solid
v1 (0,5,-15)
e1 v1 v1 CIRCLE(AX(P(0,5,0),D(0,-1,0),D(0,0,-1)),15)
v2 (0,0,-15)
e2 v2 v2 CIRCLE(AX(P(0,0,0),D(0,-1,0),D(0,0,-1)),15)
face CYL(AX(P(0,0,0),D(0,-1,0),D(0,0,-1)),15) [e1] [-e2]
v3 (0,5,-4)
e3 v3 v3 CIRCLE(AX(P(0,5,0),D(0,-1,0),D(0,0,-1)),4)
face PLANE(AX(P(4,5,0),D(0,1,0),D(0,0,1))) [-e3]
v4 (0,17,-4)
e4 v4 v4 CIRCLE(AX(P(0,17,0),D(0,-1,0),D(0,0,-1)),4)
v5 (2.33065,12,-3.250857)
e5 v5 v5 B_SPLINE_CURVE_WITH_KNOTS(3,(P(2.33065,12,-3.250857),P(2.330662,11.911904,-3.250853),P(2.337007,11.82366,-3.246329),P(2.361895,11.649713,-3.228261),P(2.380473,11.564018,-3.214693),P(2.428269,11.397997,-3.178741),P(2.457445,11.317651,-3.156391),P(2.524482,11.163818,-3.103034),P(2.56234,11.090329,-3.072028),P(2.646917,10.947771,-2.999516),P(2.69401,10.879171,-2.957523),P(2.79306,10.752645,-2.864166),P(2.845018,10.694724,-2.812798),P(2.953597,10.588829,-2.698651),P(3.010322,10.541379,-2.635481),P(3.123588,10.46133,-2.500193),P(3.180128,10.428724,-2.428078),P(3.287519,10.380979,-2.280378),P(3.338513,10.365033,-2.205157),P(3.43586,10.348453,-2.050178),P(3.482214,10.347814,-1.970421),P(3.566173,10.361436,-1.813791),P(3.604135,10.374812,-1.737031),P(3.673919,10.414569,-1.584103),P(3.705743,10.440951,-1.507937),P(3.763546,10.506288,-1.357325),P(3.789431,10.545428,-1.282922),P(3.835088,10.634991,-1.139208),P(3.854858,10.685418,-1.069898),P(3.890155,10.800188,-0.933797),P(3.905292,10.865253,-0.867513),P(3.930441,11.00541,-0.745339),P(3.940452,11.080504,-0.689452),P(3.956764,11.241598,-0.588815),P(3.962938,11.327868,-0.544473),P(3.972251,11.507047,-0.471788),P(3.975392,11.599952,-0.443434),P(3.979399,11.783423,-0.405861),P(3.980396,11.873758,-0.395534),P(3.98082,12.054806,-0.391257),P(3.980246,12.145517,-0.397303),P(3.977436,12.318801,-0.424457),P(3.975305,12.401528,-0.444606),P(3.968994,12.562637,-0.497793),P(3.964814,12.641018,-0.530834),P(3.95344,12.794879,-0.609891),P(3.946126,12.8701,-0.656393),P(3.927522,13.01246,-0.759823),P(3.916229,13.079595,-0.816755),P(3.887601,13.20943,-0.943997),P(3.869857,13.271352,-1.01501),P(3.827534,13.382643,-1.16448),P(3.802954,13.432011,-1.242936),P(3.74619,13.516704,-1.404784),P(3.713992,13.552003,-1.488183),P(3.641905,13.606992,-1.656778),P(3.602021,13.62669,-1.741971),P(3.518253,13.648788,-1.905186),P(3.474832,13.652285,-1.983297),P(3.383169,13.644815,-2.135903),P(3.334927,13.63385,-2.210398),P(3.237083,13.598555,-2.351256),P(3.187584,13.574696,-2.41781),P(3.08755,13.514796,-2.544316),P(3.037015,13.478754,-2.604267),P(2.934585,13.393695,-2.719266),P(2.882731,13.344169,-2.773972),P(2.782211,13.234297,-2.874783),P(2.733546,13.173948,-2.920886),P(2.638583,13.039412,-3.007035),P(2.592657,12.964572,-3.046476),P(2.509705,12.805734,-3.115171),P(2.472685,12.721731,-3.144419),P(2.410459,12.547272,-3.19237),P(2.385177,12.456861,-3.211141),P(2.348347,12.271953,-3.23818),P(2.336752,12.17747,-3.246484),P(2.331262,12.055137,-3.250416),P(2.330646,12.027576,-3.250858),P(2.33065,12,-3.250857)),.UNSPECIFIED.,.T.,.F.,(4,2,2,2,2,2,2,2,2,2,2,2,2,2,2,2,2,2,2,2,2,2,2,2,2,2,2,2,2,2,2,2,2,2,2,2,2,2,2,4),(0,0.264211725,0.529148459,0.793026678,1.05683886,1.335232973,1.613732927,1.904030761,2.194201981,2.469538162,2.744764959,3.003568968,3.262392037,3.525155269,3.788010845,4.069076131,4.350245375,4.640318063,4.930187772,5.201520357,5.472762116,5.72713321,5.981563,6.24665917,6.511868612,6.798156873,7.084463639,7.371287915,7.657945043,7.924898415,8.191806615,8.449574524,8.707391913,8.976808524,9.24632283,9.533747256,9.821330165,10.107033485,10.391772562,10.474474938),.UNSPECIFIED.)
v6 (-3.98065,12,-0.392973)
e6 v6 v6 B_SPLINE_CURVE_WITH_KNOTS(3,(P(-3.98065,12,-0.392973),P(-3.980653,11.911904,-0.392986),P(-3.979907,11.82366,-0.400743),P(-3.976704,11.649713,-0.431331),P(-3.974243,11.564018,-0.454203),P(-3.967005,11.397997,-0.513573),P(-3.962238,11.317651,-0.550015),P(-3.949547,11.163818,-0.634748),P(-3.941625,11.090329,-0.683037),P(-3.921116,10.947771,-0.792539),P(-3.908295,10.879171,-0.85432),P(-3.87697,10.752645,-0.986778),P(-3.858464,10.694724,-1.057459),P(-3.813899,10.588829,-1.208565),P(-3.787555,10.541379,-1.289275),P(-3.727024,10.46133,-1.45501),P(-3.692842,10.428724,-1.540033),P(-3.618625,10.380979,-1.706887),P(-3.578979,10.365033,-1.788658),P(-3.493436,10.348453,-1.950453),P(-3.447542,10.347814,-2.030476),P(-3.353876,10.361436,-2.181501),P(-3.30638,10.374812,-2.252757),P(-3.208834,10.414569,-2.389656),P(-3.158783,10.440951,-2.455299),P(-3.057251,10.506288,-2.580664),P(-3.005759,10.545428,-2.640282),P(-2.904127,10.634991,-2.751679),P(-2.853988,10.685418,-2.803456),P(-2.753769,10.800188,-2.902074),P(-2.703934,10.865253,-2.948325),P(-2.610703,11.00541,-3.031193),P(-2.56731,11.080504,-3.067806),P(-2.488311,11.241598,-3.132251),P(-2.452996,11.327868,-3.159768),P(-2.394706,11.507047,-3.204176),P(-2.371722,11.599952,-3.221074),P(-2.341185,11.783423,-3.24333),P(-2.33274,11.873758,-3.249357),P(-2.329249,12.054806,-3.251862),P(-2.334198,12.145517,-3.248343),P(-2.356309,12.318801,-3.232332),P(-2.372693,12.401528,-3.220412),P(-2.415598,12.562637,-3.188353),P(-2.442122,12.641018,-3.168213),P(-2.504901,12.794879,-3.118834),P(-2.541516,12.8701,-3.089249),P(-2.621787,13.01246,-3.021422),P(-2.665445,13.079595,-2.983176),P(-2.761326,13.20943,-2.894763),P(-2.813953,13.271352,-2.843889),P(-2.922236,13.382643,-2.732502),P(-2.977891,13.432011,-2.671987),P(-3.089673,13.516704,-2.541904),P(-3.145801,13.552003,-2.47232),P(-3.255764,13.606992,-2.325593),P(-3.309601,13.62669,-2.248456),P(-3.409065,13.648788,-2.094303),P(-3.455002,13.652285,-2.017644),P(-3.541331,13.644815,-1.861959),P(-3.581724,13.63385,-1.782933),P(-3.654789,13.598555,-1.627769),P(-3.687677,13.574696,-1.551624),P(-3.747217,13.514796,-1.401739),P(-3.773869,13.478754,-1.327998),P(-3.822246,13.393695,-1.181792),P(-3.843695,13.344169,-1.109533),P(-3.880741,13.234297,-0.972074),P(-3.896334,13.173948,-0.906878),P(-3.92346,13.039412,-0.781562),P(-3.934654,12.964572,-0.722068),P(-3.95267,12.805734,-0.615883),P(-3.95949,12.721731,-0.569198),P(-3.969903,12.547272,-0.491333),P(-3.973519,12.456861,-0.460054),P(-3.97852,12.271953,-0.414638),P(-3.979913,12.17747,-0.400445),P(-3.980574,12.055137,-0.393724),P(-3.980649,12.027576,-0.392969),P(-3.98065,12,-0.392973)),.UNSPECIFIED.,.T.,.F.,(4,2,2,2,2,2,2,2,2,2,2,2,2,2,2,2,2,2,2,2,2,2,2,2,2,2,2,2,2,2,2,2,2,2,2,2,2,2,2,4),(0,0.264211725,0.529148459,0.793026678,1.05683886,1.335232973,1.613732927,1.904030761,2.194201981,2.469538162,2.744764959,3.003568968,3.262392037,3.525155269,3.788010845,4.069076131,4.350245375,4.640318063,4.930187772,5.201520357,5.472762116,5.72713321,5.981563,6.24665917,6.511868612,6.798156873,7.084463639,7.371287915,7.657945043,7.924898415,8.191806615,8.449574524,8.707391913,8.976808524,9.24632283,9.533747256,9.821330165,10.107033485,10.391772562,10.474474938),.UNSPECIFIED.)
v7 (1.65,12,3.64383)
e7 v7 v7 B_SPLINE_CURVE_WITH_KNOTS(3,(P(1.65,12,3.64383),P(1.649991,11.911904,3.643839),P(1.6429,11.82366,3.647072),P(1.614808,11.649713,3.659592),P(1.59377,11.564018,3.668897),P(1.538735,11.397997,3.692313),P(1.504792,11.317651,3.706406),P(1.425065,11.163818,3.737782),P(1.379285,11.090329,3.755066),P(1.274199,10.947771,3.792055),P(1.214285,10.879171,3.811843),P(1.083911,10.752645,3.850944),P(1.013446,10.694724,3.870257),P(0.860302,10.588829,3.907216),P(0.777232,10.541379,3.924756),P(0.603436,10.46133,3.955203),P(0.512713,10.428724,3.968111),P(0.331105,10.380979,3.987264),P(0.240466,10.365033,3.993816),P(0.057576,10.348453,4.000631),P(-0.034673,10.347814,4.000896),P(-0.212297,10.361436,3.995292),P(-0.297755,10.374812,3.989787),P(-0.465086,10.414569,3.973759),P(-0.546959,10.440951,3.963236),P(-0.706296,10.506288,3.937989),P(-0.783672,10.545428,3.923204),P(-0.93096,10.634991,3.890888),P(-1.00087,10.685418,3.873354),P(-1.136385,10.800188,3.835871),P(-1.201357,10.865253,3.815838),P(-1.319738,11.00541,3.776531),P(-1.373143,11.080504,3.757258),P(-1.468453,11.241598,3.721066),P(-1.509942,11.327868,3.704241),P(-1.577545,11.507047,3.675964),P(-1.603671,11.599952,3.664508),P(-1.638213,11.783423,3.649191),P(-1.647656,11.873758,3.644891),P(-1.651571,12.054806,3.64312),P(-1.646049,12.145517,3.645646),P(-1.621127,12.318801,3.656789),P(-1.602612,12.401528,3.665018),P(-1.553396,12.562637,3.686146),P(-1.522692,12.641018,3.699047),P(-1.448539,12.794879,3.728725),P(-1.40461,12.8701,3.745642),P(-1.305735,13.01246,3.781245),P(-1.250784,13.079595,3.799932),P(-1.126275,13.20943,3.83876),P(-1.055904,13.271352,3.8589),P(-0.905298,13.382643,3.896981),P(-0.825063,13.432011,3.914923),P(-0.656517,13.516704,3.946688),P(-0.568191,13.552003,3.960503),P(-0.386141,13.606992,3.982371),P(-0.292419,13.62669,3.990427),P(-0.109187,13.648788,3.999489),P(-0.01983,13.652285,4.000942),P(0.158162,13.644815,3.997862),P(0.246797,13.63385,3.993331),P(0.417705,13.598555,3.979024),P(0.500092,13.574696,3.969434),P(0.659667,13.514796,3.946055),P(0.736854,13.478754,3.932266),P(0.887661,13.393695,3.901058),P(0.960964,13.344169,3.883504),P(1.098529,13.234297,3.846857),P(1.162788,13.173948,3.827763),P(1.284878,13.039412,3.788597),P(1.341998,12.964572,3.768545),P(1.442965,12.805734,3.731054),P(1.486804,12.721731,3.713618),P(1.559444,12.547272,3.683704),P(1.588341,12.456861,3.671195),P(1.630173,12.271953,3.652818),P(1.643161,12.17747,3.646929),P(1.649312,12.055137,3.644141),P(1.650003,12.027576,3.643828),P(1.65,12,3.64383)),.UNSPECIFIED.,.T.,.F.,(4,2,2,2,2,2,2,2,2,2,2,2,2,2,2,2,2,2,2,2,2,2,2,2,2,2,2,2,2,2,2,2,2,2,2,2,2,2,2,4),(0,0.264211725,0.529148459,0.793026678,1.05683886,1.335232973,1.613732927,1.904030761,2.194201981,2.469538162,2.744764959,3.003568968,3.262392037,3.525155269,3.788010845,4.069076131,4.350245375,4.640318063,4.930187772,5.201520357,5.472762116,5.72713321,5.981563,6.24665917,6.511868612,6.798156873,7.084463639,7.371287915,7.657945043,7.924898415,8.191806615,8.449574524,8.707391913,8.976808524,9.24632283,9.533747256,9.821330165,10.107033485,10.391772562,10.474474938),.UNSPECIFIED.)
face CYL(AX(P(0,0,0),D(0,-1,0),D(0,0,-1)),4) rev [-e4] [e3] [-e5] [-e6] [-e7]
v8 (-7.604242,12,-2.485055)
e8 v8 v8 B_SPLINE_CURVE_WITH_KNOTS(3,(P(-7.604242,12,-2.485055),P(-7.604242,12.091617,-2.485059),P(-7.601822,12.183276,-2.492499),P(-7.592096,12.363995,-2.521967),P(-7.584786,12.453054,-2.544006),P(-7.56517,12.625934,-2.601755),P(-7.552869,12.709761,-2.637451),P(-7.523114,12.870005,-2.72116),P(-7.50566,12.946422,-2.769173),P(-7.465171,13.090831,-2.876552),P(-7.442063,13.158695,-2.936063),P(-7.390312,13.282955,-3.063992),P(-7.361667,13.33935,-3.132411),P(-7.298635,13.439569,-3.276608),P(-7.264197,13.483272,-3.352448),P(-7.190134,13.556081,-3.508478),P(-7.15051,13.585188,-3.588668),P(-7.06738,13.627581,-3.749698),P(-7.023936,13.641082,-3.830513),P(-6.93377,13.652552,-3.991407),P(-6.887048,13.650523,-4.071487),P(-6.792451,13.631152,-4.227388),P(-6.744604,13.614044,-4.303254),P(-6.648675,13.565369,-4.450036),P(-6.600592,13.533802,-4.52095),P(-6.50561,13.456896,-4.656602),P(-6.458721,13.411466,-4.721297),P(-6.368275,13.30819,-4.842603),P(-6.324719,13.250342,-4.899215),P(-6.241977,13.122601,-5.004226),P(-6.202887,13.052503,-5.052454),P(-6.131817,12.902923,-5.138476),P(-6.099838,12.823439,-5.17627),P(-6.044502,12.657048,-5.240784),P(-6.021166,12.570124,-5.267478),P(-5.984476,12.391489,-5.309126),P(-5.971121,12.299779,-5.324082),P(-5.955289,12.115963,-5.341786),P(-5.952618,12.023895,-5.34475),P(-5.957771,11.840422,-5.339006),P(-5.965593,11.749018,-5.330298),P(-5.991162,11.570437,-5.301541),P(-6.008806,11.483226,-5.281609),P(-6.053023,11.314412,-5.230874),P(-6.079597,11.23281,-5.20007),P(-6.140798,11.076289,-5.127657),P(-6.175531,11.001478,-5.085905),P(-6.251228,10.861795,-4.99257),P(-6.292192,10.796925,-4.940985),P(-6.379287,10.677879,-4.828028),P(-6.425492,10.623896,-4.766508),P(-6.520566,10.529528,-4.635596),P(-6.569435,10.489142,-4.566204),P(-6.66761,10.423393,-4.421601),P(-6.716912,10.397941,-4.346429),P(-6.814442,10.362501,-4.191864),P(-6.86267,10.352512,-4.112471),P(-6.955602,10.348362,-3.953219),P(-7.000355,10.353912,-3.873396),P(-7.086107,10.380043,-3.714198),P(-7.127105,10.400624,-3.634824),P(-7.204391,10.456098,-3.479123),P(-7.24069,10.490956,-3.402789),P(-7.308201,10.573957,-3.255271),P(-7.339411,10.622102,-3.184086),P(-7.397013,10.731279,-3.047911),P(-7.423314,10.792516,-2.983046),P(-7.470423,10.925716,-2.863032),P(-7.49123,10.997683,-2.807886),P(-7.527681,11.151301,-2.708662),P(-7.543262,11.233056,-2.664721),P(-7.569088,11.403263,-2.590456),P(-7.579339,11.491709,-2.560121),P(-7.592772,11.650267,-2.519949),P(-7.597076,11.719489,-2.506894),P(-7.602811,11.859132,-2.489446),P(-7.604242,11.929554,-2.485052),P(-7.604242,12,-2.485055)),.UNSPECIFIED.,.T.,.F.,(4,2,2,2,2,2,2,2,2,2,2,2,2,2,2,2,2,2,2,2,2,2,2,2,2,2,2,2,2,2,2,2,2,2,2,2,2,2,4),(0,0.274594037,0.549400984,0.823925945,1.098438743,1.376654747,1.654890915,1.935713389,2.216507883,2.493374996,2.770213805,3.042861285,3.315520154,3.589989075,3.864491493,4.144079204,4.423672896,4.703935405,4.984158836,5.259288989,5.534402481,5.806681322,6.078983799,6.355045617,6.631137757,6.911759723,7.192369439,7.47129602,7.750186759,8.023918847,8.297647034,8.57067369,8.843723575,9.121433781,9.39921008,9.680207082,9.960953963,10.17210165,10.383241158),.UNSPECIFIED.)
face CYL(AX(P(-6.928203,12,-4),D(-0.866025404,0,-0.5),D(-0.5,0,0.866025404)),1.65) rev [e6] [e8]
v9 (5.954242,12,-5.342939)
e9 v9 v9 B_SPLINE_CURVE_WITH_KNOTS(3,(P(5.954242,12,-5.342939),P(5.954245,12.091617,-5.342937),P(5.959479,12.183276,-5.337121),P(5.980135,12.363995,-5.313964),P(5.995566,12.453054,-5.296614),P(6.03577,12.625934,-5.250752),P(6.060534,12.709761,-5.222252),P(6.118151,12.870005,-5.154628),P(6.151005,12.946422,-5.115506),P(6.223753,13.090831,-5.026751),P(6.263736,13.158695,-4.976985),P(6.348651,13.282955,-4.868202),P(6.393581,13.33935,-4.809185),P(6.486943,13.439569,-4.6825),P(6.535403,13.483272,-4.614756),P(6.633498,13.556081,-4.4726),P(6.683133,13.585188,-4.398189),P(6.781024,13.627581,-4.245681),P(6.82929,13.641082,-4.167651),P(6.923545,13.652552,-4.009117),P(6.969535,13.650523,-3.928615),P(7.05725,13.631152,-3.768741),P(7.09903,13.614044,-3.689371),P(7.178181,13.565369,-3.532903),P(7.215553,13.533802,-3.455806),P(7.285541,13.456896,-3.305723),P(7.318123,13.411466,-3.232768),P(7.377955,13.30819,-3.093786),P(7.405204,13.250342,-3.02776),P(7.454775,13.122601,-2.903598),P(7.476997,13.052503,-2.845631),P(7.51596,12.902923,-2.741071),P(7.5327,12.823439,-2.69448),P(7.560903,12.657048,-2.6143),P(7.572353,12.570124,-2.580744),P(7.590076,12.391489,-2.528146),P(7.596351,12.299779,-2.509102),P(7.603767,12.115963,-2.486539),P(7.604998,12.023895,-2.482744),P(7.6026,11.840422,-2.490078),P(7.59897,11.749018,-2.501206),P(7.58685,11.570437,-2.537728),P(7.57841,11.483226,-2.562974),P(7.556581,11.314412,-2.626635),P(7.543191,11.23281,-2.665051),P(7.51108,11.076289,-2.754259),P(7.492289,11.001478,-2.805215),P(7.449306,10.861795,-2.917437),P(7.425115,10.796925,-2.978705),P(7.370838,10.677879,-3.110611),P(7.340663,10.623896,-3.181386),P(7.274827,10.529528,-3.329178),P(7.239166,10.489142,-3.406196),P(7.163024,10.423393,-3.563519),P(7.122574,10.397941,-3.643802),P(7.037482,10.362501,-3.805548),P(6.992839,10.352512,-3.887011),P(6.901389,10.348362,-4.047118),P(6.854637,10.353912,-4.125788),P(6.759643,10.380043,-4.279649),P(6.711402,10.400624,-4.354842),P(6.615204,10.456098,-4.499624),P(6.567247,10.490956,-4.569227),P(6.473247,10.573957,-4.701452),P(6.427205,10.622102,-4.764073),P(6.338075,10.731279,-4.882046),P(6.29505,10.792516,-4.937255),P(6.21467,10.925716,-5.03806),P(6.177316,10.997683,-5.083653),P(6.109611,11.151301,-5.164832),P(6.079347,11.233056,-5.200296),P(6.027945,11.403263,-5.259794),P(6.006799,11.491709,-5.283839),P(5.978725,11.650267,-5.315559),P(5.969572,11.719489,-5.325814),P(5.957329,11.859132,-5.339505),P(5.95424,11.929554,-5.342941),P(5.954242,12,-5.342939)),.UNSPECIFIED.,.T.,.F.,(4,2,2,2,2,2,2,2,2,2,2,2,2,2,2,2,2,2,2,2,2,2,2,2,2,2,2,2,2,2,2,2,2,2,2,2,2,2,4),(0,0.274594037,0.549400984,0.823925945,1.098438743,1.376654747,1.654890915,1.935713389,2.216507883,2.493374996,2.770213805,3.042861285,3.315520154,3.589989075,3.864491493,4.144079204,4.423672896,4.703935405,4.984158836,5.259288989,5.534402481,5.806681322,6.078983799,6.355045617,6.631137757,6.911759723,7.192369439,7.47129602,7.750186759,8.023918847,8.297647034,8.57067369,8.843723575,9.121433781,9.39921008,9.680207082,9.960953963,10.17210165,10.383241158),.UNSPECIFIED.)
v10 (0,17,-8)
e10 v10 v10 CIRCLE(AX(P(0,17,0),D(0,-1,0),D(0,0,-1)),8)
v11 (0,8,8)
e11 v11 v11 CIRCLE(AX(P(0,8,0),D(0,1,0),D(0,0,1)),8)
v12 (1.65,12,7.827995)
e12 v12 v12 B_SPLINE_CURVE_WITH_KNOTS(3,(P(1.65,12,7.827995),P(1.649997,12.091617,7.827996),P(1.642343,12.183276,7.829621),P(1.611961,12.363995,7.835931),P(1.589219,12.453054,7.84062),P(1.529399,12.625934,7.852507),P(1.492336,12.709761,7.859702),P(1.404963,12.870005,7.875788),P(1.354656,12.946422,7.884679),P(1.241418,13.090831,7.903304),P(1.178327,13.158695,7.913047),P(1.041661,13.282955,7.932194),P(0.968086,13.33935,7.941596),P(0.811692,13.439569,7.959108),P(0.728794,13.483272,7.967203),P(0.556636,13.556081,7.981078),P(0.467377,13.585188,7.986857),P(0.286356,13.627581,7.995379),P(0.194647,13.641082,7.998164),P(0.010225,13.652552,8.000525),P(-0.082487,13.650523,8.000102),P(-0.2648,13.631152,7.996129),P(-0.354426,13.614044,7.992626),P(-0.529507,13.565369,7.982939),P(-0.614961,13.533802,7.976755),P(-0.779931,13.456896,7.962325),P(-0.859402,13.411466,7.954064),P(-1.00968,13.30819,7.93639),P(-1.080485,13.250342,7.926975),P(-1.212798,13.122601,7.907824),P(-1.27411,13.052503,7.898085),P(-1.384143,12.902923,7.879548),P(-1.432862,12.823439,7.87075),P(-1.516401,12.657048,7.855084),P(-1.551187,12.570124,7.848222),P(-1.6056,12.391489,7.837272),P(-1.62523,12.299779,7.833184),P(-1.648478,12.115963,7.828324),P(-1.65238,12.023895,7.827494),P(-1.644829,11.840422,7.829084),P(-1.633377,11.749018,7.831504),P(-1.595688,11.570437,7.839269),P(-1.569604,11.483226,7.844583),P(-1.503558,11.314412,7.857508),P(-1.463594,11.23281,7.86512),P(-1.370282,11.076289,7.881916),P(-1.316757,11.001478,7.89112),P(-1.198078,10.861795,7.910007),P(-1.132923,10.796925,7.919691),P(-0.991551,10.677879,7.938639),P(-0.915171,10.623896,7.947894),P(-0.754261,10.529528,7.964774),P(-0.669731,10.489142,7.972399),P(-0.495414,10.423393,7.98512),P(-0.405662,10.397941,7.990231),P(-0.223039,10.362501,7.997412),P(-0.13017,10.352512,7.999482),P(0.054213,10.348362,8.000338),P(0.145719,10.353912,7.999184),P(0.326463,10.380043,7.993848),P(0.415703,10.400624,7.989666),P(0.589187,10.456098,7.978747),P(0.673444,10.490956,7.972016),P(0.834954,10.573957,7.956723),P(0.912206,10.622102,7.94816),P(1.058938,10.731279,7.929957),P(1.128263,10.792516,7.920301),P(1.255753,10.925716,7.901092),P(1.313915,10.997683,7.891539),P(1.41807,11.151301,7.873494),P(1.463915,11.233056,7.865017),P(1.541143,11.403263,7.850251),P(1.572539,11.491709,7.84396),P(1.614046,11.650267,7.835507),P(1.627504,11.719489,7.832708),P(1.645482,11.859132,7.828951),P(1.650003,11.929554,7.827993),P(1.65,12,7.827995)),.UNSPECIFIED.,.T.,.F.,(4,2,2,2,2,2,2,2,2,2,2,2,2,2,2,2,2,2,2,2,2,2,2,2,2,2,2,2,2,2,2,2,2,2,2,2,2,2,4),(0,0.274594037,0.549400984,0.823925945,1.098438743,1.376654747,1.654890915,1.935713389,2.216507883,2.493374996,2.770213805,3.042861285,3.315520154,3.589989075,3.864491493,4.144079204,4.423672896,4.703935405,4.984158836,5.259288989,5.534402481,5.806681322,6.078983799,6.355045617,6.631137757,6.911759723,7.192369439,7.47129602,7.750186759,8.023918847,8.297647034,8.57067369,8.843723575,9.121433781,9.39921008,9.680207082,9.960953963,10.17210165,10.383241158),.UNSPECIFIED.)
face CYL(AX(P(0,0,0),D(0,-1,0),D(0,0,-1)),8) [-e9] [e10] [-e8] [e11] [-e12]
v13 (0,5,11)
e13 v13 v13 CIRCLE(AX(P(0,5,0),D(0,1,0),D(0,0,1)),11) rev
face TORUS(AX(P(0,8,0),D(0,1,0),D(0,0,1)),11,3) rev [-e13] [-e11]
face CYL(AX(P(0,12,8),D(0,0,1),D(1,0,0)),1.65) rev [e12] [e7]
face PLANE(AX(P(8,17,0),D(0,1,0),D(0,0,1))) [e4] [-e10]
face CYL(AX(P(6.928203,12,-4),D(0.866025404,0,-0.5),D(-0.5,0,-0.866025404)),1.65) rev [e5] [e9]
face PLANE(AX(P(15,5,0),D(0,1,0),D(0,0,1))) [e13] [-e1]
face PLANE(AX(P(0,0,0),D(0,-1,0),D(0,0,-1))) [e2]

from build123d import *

# Parameters (mm, degrees)
FILLET1_R              = 3
M4_TAPPED_HOLE1_REACH  = 34.296
M4_TAPPED_HOLE1_BORE_R = 1.65
CIRPATTERN1_COUNT      = 3


with BuildPart() as part:
    # Sketch1 → Revolve1 (revolve)
    with BuildSketch(Plane.XY, mode=Mode.PRIVATE) as revolve1_sk:
        Polygon((0, 0), (15, 0), (15, 5), (8, 5), (8, 17), (4, 17), (4, 5), (0, 5), align=None)
    revolve(revolve1_sk.sketch.rotate(Axis((0, 0, 0), (0, 1, 0)), 90), axis=Axis((0, 0, 0), (0, 1, 0)))

    # Fillet1
    fillet1_edges = [part.edges().sort_by_distance(p)[0] for p in [
        (0, 5, 8),
    ]]
    fillet(fillet1_edges, radius=FILLET1_R)

    # M4 Tapped Hole1 bore → M4 Tapped Hole1 (cut, up to next)
    with BuildSketch(Plane.XY.offset(8), mode=Mode.PRIVATE) as m4_tapped_hole1_sk1:
        with Locations((0, 12)):
            Circle(M4_TAPPED_HOLE1_BORE_R)
    m4_tapped_hole1_tool1 = extrude(m4_tapped_hole1_sk1.sketch, amount=-M4_TAPPED_HOLE1_REACH, mode=Mode.PRIVATE) & part.part
    m4_tapped_hole1 = m4_tapped_hole1_tool1.solids().sort_by_distance((0, 12, 8))[0]
    add(m4_tapped_hole1, mode=Mode.SUBTRACT)

    # CirPattern1: M4 Tapped Hole1 ×3 about axis
    cirpattern1_axis = Axis((0, 17, 0), (0, -1, 0))
    for i in range(1, CIRPATTERN1_COUNT):
        add(m4_tapped_hole1.rotate(cirpattern1_axis, i * 360 / CIRPATTERN1_COUNT), mode=Mode.SUBTRACT)


solid = part.part
